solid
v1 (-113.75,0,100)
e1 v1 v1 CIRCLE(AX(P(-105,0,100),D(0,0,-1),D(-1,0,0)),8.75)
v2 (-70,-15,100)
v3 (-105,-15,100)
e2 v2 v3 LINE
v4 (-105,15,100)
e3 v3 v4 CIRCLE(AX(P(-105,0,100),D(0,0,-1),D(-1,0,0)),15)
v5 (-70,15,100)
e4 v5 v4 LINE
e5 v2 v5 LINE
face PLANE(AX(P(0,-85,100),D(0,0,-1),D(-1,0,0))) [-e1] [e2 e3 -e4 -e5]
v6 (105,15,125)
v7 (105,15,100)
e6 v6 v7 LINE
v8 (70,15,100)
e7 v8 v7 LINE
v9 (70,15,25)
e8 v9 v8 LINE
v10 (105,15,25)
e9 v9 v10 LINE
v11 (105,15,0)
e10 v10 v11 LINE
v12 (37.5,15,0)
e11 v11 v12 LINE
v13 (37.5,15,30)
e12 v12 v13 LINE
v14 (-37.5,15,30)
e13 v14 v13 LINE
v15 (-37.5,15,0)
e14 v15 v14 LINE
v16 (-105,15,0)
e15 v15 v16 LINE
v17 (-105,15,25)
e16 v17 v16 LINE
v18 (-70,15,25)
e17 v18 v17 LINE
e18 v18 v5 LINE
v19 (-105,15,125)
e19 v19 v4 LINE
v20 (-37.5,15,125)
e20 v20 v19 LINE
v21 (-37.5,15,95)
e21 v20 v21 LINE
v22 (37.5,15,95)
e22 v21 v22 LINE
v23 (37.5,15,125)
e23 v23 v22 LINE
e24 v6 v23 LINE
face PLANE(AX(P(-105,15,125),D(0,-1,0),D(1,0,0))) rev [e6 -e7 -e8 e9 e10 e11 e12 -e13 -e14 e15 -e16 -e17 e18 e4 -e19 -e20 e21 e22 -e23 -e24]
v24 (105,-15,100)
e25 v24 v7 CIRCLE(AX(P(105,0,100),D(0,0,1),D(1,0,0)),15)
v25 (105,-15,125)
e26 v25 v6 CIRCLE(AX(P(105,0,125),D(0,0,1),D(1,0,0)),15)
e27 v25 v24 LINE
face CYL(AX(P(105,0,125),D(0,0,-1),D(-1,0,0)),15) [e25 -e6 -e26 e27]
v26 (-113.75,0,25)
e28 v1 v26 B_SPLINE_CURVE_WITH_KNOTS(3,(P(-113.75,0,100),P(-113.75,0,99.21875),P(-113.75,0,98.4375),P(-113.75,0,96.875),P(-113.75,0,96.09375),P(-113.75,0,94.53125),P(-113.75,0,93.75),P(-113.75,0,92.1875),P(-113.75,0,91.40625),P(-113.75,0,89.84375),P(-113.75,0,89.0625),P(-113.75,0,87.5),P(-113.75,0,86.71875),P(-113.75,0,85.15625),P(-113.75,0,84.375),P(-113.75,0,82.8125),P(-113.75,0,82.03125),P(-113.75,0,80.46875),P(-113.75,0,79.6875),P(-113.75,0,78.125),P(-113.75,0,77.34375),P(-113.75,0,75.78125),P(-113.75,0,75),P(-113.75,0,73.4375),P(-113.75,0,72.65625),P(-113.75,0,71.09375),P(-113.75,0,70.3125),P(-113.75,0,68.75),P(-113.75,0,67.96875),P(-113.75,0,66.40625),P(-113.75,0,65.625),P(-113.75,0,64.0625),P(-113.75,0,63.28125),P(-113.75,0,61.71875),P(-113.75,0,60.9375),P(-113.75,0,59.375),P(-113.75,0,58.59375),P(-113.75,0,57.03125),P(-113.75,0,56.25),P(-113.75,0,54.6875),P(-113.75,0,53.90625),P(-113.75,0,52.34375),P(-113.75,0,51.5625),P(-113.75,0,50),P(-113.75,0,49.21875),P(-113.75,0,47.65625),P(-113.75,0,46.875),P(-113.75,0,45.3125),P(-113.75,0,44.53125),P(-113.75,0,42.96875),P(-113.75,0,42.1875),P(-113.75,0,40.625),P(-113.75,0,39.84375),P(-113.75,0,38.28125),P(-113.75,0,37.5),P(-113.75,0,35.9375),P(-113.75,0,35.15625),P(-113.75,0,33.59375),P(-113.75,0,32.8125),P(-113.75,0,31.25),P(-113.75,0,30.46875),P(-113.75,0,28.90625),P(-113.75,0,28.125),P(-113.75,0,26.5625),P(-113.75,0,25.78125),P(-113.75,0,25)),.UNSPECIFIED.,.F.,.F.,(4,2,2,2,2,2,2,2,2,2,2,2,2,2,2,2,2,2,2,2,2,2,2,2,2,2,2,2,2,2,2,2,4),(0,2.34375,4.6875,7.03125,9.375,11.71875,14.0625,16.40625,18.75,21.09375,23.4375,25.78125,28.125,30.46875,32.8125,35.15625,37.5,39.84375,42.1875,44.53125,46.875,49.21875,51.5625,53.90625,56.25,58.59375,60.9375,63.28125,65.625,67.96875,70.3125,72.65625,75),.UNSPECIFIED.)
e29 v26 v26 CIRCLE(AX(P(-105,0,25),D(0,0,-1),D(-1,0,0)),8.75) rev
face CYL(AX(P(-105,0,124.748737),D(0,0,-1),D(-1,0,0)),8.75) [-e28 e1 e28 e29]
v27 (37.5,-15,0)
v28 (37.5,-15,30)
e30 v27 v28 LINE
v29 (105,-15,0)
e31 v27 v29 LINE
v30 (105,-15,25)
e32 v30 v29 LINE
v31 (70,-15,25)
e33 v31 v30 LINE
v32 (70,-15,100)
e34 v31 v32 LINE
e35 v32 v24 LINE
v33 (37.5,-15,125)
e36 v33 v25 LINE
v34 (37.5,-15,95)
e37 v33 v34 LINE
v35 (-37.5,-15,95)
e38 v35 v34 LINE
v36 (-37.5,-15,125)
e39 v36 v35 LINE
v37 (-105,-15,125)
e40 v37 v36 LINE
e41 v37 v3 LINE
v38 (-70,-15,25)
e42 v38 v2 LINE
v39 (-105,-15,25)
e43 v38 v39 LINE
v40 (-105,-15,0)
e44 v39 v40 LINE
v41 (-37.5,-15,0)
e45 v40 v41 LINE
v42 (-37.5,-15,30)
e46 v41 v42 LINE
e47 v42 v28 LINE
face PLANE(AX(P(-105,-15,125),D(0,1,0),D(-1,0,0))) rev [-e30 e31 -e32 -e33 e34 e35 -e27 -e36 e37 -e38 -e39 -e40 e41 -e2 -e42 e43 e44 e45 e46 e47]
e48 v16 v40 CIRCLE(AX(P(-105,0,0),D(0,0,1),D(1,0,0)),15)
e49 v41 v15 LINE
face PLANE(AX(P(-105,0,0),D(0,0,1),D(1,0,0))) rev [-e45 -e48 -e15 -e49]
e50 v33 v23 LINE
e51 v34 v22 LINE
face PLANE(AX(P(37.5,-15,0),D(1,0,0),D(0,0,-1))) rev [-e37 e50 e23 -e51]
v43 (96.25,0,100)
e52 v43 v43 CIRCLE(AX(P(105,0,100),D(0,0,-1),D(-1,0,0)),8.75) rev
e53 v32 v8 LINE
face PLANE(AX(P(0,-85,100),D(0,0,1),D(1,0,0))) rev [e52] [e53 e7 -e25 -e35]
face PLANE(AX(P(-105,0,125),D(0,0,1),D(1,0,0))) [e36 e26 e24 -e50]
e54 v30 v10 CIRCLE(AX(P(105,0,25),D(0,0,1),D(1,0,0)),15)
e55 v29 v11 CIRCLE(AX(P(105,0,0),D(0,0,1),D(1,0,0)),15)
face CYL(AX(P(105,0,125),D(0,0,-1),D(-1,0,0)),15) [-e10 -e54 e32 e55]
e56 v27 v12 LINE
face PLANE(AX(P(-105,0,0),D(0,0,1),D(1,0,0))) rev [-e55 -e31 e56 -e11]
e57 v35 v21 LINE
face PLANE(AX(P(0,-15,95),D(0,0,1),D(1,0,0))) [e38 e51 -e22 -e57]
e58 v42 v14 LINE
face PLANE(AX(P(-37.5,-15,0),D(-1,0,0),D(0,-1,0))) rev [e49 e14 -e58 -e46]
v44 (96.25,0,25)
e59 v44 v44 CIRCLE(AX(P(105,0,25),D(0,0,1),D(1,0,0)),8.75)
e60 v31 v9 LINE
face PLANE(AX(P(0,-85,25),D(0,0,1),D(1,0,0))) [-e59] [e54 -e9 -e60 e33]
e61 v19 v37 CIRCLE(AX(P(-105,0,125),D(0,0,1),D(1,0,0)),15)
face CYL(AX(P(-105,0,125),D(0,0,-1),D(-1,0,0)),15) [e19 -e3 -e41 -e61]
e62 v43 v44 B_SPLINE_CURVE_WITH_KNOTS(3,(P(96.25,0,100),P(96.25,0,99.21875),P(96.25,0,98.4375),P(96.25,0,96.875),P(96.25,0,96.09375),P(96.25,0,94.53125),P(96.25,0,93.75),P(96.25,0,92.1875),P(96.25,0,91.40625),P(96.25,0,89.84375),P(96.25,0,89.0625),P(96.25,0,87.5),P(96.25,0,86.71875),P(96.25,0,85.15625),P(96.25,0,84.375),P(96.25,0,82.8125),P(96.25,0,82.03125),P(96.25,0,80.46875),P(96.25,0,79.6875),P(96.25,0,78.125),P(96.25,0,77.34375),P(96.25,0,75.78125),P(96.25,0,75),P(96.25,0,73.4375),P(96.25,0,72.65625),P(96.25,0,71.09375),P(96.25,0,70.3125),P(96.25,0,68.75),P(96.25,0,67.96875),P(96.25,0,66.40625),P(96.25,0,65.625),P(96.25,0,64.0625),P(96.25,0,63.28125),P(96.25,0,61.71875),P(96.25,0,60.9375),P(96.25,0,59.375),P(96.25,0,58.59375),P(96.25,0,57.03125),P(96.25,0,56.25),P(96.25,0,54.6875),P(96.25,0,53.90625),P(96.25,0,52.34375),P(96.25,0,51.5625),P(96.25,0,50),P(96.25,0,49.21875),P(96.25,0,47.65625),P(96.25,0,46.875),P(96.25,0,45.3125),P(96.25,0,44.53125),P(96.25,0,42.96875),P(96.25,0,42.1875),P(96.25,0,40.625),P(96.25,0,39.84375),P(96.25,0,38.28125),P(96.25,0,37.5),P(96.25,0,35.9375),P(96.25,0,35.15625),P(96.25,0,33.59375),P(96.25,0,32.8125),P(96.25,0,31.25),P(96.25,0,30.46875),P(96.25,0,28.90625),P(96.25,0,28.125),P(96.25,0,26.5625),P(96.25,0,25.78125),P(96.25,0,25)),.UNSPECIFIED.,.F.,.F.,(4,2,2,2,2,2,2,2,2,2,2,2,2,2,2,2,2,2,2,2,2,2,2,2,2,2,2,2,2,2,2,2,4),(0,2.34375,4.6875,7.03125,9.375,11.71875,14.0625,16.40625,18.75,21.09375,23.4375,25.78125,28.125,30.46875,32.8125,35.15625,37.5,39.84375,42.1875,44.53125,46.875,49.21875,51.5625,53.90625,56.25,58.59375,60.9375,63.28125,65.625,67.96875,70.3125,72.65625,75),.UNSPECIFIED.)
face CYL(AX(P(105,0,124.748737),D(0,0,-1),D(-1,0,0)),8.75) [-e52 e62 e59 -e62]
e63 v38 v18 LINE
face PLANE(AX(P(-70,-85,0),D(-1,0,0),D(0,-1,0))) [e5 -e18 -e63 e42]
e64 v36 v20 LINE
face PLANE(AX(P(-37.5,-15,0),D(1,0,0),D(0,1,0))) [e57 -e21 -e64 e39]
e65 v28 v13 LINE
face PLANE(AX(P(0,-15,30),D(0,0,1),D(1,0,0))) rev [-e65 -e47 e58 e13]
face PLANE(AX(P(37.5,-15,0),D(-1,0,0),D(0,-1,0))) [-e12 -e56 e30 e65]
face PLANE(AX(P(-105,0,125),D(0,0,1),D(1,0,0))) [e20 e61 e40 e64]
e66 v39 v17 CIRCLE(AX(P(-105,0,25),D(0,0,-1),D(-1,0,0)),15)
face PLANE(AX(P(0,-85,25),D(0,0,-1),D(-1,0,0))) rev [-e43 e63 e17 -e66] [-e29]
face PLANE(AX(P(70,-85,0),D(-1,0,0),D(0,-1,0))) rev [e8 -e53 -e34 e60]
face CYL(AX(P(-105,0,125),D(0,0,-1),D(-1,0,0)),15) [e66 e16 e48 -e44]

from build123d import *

# Parameters (mm, degrees)
BOSS_EXTRUDE1_DEPTH = 125
SKETCH2_W           = 35
SKETCH2_H           = 75
SKETCH2_W_2         = 15
CUT_EXTRUDE1_DEPTH  = 100
SKETCH3_R           = 8.75
BOSS_EXTRUDE2_DEPTH = 75
SKETCH4_W           = 75
SKETCH4_H           = 30
CUT_EXTRUDE2_DEPTH  = 176.855053951


with BuildPart() as part:
    # Sketch1 → Boss-Extrude1 (new body)
    with BuildSketch(Plane.XY):
        with BuildLine():
            Line((-105, 15), (105, 15))
            ThreePointArc((105, 15), (120, 0), (105, -15))
            Line((105, -15), (-105, -15))
            ThreePointArc((-105, -15), (-120, 0), (-105, 15))
        make_face()
    extrude(amount=BOSS_EXTRUDE1_DEPTH)

    # Sketch2 → Cut-Extrude1 (cut)
    with BuildSketch(Plane(origin=(0, 15, 0), x_dir=(1, 0, 0), z_dir=(0, 1, 0))):
        with Locations((-87.5, -62.5)):
            Rectangle(SKETCH2_W, SKETCH2_H)
        with Locations((-112.5, -62.5)):
            Rectangle(SKETCH2_W_2, SKETCH2_H)
        with Locations((112.5, -62.5)):
            Rectangle(SKETCH2_W_2, SKETCH2_H)
        with Locations((87.5, -62.5)):
            Rectangle(SKETCH2_W, SKETCH2_H)
    extrude(amount=-CUT_EXTRUDE1_DEPTH, mode=Mode.SUBTRACT)

    # Sketch3 → Boss-Extrude2 (add)
    with BuildSketch(Plane.XY.offset(25)):
        with Locations(Location((-105, 0, 0), (0, 0, 180))):
            Circle(SKETCH3_R)
        with Locations(Location((105, 0, 0), (0, 0, 180))):
            Circle(SKETCH3_R)
    extrude(amount=BOSS_EXTRUDE2_DEPTH)

    # Sketch4 → Cut-Extrude2 (cut, through all)
    with BuildSketch(Plane(origin=(0, 15, 0), x_dir=(1, 0, 0), z_dir=(0, 1, 0))):
        with Locations((0, -15)):
            Rectangle(SKETCH4_W, SKETCH4_H)
        with Locations((0, -110)):
            Rectangle(SKETCH4_W, SKETCH4_H)
    extrude(amount=-CUT_EXTRUDE2_DEPTH, mode=Mode.SUBTRACT)


solid = part.part
